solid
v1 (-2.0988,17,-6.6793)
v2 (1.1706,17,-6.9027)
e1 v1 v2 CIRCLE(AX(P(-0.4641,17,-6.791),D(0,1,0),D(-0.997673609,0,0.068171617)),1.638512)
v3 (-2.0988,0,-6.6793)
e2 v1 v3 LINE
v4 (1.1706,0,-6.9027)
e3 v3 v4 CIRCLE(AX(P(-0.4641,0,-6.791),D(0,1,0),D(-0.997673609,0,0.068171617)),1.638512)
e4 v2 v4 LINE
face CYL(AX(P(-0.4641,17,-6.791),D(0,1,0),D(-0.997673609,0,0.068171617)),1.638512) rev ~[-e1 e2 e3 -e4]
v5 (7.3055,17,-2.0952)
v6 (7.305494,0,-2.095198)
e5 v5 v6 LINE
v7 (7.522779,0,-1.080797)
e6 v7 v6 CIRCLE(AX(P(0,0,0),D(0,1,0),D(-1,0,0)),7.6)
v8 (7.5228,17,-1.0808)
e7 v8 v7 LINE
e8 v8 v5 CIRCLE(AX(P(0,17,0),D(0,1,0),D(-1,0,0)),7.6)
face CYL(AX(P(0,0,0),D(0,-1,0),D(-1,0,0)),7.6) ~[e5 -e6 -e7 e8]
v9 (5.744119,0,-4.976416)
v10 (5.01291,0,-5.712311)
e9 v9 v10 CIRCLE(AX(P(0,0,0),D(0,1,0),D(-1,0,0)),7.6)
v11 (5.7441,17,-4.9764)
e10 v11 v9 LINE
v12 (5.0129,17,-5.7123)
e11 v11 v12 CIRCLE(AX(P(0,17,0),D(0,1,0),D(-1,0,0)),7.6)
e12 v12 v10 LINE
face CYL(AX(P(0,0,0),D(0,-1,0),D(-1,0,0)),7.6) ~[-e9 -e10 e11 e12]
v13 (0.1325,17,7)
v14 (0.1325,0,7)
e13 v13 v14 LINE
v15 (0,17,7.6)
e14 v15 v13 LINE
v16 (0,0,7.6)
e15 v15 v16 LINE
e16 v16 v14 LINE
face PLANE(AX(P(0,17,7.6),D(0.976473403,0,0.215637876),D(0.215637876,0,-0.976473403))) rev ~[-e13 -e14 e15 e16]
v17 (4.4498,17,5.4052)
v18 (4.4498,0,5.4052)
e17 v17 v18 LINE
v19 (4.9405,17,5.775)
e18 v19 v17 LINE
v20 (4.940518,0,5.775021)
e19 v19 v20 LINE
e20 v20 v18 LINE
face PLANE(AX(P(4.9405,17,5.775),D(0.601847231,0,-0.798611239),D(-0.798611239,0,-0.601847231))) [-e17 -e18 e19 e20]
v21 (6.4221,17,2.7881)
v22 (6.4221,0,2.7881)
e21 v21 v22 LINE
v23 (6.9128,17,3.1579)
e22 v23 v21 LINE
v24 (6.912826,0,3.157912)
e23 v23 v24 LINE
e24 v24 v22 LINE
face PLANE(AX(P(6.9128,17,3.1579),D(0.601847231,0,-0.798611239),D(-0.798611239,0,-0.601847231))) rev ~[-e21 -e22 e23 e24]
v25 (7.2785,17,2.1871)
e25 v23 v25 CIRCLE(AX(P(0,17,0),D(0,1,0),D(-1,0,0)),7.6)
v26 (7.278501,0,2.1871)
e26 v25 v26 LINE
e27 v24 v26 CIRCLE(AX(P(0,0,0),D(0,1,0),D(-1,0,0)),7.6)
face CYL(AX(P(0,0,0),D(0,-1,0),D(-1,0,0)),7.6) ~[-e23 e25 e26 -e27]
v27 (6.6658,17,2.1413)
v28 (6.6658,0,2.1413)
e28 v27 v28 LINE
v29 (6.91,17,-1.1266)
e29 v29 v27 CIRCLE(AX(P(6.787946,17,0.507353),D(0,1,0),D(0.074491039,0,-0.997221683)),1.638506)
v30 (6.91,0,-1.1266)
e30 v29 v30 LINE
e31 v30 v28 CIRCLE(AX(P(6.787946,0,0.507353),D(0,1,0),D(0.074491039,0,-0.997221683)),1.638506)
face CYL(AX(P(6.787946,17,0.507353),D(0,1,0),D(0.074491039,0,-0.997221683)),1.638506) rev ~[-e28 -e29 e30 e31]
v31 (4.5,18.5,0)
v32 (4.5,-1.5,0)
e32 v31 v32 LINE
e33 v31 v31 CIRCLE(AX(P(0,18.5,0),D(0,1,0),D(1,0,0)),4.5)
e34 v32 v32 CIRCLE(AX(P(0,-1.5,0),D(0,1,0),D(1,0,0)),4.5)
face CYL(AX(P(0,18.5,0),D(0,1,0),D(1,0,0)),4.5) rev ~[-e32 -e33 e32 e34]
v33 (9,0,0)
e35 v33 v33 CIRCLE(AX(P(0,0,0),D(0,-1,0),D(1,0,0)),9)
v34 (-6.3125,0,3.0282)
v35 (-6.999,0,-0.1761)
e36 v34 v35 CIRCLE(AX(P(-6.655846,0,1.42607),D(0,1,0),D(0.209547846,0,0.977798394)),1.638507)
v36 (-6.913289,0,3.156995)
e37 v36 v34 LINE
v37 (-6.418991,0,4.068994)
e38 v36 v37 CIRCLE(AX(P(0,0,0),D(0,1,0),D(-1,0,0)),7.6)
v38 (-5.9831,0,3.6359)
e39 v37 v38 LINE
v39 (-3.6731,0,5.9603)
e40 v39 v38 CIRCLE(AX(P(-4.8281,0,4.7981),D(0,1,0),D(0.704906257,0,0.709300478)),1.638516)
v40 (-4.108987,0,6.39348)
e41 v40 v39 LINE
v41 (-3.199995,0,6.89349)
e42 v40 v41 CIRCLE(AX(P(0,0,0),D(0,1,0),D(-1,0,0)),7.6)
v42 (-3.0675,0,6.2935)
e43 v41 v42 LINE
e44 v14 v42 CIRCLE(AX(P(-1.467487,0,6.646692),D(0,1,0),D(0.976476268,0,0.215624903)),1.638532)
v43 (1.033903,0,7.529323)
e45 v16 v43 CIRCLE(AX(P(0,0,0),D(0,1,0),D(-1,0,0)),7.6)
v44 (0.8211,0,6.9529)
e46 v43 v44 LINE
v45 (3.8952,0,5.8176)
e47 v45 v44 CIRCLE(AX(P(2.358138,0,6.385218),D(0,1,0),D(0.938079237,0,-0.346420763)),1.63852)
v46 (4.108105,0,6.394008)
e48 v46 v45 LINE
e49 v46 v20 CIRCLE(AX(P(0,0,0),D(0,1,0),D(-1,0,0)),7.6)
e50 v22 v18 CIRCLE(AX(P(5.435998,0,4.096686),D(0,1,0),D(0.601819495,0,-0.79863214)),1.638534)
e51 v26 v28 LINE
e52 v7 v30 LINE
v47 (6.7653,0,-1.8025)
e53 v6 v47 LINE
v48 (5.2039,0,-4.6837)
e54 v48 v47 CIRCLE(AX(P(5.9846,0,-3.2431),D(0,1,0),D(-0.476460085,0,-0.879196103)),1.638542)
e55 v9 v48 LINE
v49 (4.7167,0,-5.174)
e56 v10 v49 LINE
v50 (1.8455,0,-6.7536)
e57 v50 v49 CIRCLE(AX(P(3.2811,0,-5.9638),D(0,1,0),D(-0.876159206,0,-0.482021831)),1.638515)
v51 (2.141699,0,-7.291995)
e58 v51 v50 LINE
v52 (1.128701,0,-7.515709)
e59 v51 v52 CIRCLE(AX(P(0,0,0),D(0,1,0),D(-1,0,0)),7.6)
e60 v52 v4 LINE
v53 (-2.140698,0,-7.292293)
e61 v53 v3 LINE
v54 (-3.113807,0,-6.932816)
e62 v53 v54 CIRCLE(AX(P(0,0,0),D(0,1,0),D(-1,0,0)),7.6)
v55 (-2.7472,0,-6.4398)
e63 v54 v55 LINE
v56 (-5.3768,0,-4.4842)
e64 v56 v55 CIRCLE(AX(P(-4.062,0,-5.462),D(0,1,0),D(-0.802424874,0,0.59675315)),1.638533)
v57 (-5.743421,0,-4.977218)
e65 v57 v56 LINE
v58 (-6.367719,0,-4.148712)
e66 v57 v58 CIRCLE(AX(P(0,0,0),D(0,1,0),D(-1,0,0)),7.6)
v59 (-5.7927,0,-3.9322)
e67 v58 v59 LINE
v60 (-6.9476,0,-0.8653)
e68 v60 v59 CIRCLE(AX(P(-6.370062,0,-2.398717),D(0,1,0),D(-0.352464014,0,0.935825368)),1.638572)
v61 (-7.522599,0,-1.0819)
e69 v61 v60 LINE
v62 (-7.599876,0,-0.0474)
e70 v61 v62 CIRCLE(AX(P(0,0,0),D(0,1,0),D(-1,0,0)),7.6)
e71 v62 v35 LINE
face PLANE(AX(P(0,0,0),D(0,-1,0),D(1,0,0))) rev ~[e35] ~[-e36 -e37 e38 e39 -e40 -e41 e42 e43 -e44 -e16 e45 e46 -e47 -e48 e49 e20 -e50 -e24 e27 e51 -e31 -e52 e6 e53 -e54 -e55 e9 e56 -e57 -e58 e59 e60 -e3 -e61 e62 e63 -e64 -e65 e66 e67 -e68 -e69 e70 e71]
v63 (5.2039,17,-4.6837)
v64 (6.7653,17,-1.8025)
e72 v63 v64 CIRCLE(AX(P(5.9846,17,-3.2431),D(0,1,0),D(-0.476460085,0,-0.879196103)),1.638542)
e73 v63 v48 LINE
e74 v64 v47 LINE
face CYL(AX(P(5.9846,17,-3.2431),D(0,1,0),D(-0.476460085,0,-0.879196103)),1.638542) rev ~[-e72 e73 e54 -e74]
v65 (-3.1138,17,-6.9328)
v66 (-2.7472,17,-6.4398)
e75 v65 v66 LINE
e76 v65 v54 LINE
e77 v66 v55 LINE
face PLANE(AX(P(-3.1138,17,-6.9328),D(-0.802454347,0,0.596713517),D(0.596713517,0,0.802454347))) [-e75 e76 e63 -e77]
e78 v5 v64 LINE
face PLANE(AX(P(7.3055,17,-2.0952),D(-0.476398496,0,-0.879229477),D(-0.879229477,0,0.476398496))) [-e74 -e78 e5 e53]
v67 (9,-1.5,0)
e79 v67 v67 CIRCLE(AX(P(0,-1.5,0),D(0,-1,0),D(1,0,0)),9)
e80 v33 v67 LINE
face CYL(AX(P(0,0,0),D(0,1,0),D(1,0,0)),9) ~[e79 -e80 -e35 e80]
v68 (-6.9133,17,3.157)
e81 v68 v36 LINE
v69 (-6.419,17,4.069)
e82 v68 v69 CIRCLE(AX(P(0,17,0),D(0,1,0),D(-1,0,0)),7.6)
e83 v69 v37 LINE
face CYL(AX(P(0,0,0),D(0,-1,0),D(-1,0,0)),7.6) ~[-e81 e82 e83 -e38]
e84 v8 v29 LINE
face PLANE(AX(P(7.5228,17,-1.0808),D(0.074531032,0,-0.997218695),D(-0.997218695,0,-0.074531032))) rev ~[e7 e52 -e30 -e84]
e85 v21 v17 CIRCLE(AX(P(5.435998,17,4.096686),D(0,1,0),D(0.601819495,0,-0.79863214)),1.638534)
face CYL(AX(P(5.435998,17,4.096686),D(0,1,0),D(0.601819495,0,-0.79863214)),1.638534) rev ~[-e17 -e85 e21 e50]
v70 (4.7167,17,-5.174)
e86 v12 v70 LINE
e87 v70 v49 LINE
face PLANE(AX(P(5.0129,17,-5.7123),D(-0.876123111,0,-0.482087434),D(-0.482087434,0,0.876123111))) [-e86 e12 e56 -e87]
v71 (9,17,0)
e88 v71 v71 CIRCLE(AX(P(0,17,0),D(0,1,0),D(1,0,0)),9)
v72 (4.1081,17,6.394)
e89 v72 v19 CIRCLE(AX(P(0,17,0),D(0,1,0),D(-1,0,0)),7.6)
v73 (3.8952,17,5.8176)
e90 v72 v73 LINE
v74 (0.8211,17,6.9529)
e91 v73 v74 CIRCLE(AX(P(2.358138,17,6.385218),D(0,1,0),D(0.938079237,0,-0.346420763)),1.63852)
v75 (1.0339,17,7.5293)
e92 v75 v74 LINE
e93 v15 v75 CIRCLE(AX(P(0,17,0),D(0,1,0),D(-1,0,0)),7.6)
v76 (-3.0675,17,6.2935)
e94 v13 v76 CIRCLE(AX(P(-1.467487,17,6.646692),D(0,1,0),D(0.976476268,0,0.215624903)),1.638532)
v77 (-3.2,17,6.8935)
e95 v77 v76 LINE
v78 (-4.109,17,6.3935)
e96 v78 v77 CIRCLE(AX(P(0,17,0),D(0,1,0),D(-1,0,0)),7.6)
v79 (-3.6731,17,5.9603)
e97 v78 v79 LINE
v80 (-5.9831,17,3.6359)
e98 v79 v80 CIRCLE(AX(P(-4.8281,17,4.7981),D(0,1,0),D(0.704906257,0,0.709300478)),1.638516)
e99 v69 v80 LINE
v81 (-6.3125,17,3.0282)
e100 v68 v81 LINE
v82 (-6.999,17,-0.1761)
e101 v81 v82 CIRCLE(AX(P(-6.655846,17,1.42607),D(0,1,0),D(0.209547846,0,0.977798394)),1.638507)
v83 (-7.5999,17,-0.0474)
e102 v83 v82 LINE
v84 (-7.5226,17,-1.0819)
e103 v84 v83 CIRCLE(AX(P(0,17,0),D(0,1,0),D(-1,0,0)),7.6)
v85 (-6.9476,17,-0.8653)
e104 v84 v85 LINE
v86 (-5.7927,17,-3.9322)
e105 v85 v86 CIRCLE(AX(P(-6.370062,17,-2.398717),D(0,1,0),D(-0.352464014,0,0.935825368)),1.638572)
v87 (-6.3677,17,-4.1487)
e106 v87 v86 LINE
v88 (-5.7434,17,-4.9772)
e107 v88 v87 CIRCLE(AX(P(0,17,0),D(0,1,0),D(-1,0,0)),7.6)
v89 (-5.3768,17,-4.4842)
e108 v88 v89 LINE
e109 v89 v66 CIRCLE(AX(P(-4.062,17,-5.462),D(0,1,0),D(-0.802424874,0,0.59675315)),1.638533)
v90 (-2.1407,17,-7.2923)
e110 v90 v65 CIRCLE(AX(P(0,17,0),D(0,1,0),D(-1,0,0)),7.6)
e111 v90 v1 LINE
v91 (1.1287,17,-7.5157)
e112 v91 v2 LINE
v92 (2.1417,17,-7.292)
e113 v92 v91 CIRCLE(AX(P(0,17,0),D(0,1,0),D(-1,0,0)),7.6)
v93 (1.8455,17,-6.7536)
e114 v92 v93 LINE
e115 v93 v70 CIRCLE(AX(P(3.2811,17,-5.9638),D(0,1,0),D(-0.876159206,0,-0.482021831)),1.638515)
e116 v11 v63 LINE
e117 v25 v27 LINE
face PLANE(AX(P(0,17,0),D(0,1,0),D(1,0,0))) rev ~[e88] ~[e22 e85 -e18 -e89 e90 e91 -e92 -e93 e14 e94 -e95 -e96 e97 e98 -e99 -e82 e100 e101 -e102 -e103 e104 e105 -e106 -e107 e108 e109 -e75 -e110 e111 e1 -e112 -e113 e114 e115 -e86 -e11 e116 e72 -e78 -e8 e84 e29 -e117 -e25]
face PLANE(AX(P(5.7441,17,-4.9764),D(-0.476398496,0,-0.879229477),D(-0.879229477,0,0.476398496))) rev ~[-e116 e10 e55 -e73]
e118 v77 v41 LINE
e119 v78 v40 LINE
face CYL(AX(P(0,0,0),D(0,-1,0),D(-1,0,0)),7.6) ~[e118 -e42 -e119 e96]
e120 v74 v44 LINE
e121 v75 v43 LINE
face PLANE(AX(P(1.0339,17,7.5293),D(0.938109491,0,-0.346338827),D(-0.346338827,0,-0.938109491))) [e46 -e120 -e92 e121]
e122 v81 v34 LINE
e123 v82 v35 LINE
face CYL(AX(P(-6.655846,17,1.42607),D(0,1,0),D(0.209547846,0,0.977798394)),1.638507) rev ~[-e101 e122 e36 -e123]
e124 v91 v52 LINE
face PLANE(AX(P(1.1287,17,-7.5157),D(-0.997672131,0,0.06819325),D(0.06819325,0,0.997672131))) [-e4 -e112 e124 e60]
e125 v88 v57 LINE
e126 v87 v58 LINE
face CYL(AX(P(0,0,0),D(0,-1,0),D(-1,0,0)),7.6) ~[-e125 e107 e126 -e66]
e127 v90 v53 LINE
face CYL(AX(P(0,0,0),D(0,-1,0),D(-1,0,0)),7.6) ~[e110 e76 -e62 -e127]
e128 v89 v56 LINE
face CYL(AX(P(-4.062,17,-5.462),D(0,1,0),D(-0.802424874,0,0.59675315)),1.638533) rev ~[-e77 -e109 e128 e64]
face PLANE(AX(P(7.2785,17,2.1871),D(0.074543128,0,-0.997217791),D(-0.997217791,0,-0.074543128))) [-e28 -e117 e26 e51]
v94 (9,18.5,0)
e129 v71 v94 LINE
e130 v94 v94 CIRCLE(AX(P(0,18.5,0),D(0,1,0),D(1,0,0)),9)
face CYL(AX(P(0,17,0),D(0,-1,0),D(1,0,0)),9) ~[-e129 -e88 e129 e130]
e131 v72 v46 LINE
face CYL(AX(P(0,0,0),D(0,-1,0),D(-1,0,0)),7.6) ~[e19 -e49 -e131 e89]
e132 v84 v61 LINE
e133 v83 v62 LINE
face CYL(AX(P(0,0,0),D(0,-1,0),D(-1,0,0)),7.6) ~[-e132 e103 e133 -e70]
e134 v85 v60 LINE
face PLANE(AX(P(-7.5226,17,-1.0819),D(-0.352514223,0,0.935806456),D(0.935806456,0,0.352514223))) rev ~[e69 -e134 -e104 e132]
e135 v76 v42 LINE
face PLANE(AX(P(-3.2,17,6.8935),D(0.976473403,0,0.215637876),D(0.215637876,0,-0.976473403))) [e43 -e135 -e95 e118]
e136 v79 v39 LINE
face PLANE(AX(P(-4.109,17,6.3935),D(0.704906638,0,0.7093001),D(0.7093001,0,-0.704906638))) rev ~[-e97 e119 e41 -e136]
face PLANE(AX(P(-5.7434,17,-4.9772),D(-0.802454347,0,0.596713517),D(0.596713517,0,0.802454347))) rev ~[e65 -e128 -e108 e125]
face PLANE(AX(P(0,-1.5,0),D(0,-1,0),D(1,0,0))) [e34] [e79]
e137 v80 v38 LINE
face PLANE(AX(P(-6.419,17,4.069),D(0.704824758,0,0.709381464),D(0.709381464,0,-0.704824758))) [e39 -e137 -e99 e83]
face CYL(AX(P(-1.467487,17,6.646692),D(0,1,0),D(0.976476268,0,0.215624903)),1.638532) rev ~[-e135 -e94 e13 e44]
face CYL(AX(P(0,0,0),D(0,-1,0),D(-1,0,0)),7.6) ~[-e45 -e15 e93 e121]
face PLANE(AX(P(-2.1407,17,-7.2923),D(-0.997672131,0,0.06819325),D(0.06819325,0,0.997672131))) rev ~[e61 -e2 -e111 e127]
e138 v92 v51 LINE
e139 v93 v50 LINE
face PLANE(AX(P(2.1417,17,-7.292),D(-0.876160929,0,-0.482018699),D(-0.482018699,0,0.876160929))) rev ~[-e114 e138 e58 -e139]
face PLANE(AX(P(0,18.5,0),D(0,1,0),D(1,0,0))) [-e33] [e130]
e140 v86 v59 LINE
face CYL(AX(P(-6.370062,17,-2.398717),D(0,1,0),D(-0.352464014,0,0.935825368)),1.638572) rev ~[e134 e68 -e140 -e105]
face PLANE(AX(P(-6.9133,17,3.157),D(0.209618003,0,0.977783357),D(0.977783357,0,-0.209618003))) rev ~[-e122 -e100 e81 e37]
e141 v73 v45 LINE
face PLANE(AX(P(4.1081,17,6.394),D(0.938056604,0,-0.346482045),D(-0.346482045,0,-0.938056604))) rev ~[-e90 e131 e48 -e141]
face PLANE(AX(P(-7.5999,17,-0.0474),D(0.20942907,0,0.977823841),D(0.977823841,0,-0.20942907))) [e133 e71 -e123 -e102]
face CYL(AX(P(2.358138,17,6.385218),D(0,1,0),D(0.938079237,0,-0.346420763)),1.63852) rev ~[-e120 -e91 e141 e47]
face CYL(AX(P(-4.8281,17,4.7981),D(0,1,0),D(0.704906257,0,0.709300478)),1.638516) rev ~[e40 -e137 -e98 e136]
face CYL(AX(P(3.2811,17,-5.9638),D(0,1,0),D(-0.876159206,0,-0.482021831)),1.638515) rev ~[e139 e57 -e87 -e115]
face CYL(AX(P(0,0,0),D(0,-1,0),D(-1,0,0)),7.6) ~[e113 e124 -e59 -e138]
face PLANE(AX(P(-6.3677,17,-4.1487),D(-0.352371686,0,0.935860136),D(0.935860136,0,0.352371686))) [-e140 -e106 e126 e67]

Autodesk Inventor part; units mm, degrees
ref_plane "YZ Plane" through (0, 0, 0) normal (1, 0, 0) x (0, 1, 0)
ref_plane "XZ Plane" through (0, 0, 0) normal (0, 1, 0) x (-1, 0, 0)
ref_plane "XY Plane" through (0, 0, 0) normal (0, 0, 1) x (1, 0, 0)
sketch "Esquisse2" plane through (0, 0, 0) normal (0, 1, 0) x (-1, 0, 0)
  circle A0 centre (0, 0) radius 7.6
  dimension "d0" = 15.2
extrude "Extrusion1" add sketch "Esquisse2" along normal blind 17
sketch "Esquisse4" plane through (0, 17, 0) normal (0, 1, 0) x (1, 0, 0)
  circle A0 centre (0, 0) radius 7.6 projected
  circle A1 centre (0, 0) radius 7.6 projected
  arc A2 (-3.2, -6.8935) -> (0, -7.6) centre (0, 0) ccw
  line L0 (-0.0062, -0.0113) -> (-4.6214, -8.4012)
  line L1 (0, -6.3735) -> (0, 5.2233) construction
  line L2 (-3.2, -6.8935) -> (0, -7.6) construction
  line L3 (-3.2, -6.8935) -> (-3.0675, -6.2935)
  line L4 (0, -7.6) -> (0.1325, -7)
  arc A3 (0.1325, -7) -> (-3.0675, -6.2935) centre (-1.4675, -6.6467) ccw
  line L5 (-3.0675, -6.2935) -> (0.1325, -7) construction
  arc A4 (-6.419, -4.069) -> (-4.109, -6.3935) centre (0, 0) ccw
  line L6 (-4.109, -6.3935) -> (-6.419, -4.069) construction
  line L7 (-4.109, -6.3935) -> (-3.6731, -5.9603)
  line L8 (-6.419, -4.069) -> (-5.9831, -3.6359)
  arc A5 (-3.6731, -5.9603) -> (-5.9831, -3.6359) centre (-4.8281, -4.7981) ccw
  line L9 (-3.6731, -5.9603) -> (-5.9831, -3.6359) construction
  line L10 (-4.109, -6.3935) -> (-3.2, -6.8935) construction
  line L11 (0, 0) -> (-8.9658, -4.8594)
  arc A6 (-6.3677, 4.1487) -> (-7.5226, 1.0819) centre (0, 0) ccw
  line L12 (-7.5226, 1.0819) -> (-6.3677, 4.1487) construction
  line L13 (-7.5226, 1.0819) -> (-6.9476, 0.8653)
  line L14 (-6.3677, 4.1487) -> (-5.7927, 3.9322)
  arc A7 (-6.9476, 0.8653) -> (-5.7927, 3.9322) centre (-6.3701, 2.3988) ccw
  line L15 (-6.9476, 0.8653) -> (-5.7927, 3.9322) construction
  arc A8 (-7.5999, 0.0474) -> (-6.9133, -3.157) centre (0, 0) ccw
  line L16 (-7.5999, 0.0474) -> (-6.9133, -3.157) construction
  line L17 (-7.5999, 0.0474) -> (-6.999, 0.1761)
  line L18 (-6.9133, -3.157) -> (-6.3125, -3.0282)
  arc A9 (-6.3125, -3.0282) -> (-6.999, 0.1761) centre (-6.6558, -1.4261) ccw
  line L19 (-6.999, 0.1761) -> (-6.3125, -3.0282) construction
  line L20 (-7.5999, 0.0474) -> (-7.5226, 1.0819) construction
  line L21 (-6.9133, -3.157) -> (-6.419, -4.069) construction
  line L22 (0, 0) -> (-6.7758, 5.1057)
  arc A10 (7.3055, 2.0952) -> (5.7441, 4.9764) centre (0, 0) ccw
  line L23 (5.7441, 4.9764) -> (7.3055, 2.0952) construction
  line L24 (5.7441, 4.9764) -> (5.2039, 4.6837)
  line L25 (7.3055, 2.0952) -> (6.7653, 1.8025)
  arc A11 (5.2039, 4.6837) -> (6.7653, 1.8025) centre (5.9846, 3.2431) ccw
  line L26 (5.2039, 4.6837) -> (6.7653, 1.8025) construction
  arc A12 (5.0129, 5.7123) -> (2.1417, 7.292) centre (0, 0) ccw
  line L27 (5.0129, 5.7123) -> (2.1417, 7.292) construction
  line L28 (5.0129, 5.7123) -> (4.7167, 5.174)
  line L29 (2.1417, 7.292) -> (1.8455, 6.7536)
  arc A13 (1.8455, 6.7536) -> (4.7167, 5.174) centre (3.2811, 5.9638) ccw
  line L30 (4.7167, 5.174) -> (1.8455, 6.7536) construction
  line L31 (5.0129, 5.7123) -> (5.7441, 4.9764) construction
  line L32 (-3.1138, 6.9328) -> (-2.7472, 6.4398)
  arc A14 (-5.3768, 4.4842) -> (-2.7472, 6.4398) centre (-4.062, 5.462) ccw
  line L33 (-2.7472, 6.4398) -> (-5.3768, 4.4842) construction
  line L34 (-3.1138, 6.9328) -> (-5.7434, 4.9772) construction
  arc A15 (-3.1138, 6.9328) -> (-5.7434, 4.9772) centre (0, 0) ccw
  line L35 (-5.7434, 4.9772) -> (-5.3768, 4.4842)
  line L36 (-2.1407, 7.2923) -> (-3.1138, 6.9328) construction
  line L37 (-2.1407, 7.2923) -> (-2.0988, 6.6793)
  line L38 (-2.0988, 6.6793) -> (1.1706, 6.9027) construction
  line L39 (-2.1407, 7.2923) -> (1.1287, 7.5157) construction
  arc A16 (1.1287, 7.5157) -> (-2.1407, 7.2923) centre (0, 0) ccw
  arc A17 (-2.0988, 6.6793) -> (1.1706, 6.9027) centre (-0.4641, 6.791) ccw
  line L40 (1.1287, 7.5157) -> (1.1706, 6.9027)
  line L41 (1.1287, 7.5157) -> (2.1417, 7.292) construction
  line L42 (-6.3677, 4.1487) -> (-5.7434, 4.9772) construction
  line L43 (0, 0) -> (10.678, -14.3583) construction
  arc A18 (7.2785, -2.1871) -> (7.5228, 1.0808) centre (0, 0) ccw
  line L44 (7.5228, 1.0808) -> (7.2785, -2.1871) construction
  line L45 (7.5228, 1.0808) -> (6.91, 1.1266)
  line L46 (7.2785, -2.1871) -> (6.6658, -2.1413)
  arc A19 (6.91, 1.1266) -> (6.6658, -2.1413) centre (6.7879, -0.5073) ccw
  line L47 (6.91, 1.1266) -> (6.6658, -2.1413) construction
  line L48 (7.3055, 2.0952) -> (7.5228, 1.0808) construction
  line L49 (7.2785, -2.1871) -> (0, -7.6) construction
  line L50 (0, 0) -> (10.2791, -3.8716)
  line L51 (1.0339, -7.5293) -> (0.8211, -6.9529)
  arc A20 (3.8952, -5.8176) -> (0.8211, -6.9529) centre (2.3581, -6.3853) ccw
  arc A21 (1.0339, -7.5293) -> (4.1081, -6.394) centre (0, 0) ccw
  line L52 (4.1081, -6.394) -> (3.8952, -5.8176)
  line L53 (0.8211, -6.9529) -> (3.8952, -5.8176) construction
  line L54 (4.9405, -5.775) -> (4.4498, -5.4052)
  arc A22 (6.4221, -2.7881) -> (4.4498, -5.4052) centre (5.436, -4.0967) ccw
  line L55 (4.4498, -5.4052) -> (6.4221, -2.7881) construction
  line L56 (4.9405, -5.775) -> (6.9128, -3.1579) construction
  arc A23 (4.9405, -5.775) -> (6.9128, -3.1579) centre (0, 0) ccw
  line L57 (6.9128, -3.1579) -> (6.4221, -2.7881)
  line L58 (7.2785, -2.1871) -> (6.9128, -3.1579) construction
  point P0 (-7.5999, 0.0474)
  point P1 (-6.9133, -3.157)
  point P2 (-6.3677, 4.1487)
  point P3 (-7.5226, 1.0819)
  point P4 (-3.1138, 6.9328)
  point P5 (-5.7434, 4.9772)
  point P6 (1.1287, 7.5157)
  point P7 (-2.1407, 7.2923)
  point P8 (5.0129, 5.7123)
  point P9 (2.1417, 7.292)
  point P10 (7.3055, 2.0952)
  point P11 (5.7441, 4.9764)
  point P12 (-3.2, -6.8935)
  point P13 (0, -7.6)
  point P14 (-6.419, -4.069)
  point P15 (-4.109, -6.3935)
  point P16 (7.2785, -2.1871)
  point P17 (7.5228, 1.0808)
  point P18 (4.9405, -5.775)
  point P19 (4.9405, -5.775)
  point P20 (6.9128, -3.1579)
  point P21 (1.0339, -7.5293)
  point P22 (4.1081, -6.394)
  dimension "d14" = 3.2
  dimension "d28" = 0.6
  dimension "d30" = 0.5
extrude "Extrusion6" cut sketch "Esquisse4" against normal through all contours A0 L46 A19 L45 | L25 A11 L24 A0 | A0 L54 A22 L57 | L28 A13 L29 A0 | A0 L51 A20 L52 | A0 L17 A9 L18 | L8 A5 L7 A0 | A0 L32 A14 L35 | L14 A7 L13 A0 | L40 A17 L37 A0 | A0 L3 A3 L4
sketch "Esquisse6" plane through (0, 17, 0) normal (0, 1, 0) x (1, 0, 0)
  circle A0 centre (0, 0) radius 9
  dimension "d19" = 18
extrude "Extrusion3" add sketch "Esquisse6" along normal blind 1.5
sketch "Esquisse7" plane through (0, 0, 0) normal (0, -1, 0) x (1, 0, 0)
  circle A0 centre (0, 0) radius 9
  dimension "d34" = 18
extrude "Extrusion4" add sketch "Esquisse7" along normal blind 1.5
sketch "Esquisse8" plane through (0, 18.5, 0) normal (0, 1, 0) x (1, 0, 0)
  circle A0 centre (0, 0) radius 4.5
  dimension "d24" = 9
extrude "Extrusion5" cut sketch "Esquisse8" against normal through all
properties part number "Pièce_moteur_courroie_test_6"
